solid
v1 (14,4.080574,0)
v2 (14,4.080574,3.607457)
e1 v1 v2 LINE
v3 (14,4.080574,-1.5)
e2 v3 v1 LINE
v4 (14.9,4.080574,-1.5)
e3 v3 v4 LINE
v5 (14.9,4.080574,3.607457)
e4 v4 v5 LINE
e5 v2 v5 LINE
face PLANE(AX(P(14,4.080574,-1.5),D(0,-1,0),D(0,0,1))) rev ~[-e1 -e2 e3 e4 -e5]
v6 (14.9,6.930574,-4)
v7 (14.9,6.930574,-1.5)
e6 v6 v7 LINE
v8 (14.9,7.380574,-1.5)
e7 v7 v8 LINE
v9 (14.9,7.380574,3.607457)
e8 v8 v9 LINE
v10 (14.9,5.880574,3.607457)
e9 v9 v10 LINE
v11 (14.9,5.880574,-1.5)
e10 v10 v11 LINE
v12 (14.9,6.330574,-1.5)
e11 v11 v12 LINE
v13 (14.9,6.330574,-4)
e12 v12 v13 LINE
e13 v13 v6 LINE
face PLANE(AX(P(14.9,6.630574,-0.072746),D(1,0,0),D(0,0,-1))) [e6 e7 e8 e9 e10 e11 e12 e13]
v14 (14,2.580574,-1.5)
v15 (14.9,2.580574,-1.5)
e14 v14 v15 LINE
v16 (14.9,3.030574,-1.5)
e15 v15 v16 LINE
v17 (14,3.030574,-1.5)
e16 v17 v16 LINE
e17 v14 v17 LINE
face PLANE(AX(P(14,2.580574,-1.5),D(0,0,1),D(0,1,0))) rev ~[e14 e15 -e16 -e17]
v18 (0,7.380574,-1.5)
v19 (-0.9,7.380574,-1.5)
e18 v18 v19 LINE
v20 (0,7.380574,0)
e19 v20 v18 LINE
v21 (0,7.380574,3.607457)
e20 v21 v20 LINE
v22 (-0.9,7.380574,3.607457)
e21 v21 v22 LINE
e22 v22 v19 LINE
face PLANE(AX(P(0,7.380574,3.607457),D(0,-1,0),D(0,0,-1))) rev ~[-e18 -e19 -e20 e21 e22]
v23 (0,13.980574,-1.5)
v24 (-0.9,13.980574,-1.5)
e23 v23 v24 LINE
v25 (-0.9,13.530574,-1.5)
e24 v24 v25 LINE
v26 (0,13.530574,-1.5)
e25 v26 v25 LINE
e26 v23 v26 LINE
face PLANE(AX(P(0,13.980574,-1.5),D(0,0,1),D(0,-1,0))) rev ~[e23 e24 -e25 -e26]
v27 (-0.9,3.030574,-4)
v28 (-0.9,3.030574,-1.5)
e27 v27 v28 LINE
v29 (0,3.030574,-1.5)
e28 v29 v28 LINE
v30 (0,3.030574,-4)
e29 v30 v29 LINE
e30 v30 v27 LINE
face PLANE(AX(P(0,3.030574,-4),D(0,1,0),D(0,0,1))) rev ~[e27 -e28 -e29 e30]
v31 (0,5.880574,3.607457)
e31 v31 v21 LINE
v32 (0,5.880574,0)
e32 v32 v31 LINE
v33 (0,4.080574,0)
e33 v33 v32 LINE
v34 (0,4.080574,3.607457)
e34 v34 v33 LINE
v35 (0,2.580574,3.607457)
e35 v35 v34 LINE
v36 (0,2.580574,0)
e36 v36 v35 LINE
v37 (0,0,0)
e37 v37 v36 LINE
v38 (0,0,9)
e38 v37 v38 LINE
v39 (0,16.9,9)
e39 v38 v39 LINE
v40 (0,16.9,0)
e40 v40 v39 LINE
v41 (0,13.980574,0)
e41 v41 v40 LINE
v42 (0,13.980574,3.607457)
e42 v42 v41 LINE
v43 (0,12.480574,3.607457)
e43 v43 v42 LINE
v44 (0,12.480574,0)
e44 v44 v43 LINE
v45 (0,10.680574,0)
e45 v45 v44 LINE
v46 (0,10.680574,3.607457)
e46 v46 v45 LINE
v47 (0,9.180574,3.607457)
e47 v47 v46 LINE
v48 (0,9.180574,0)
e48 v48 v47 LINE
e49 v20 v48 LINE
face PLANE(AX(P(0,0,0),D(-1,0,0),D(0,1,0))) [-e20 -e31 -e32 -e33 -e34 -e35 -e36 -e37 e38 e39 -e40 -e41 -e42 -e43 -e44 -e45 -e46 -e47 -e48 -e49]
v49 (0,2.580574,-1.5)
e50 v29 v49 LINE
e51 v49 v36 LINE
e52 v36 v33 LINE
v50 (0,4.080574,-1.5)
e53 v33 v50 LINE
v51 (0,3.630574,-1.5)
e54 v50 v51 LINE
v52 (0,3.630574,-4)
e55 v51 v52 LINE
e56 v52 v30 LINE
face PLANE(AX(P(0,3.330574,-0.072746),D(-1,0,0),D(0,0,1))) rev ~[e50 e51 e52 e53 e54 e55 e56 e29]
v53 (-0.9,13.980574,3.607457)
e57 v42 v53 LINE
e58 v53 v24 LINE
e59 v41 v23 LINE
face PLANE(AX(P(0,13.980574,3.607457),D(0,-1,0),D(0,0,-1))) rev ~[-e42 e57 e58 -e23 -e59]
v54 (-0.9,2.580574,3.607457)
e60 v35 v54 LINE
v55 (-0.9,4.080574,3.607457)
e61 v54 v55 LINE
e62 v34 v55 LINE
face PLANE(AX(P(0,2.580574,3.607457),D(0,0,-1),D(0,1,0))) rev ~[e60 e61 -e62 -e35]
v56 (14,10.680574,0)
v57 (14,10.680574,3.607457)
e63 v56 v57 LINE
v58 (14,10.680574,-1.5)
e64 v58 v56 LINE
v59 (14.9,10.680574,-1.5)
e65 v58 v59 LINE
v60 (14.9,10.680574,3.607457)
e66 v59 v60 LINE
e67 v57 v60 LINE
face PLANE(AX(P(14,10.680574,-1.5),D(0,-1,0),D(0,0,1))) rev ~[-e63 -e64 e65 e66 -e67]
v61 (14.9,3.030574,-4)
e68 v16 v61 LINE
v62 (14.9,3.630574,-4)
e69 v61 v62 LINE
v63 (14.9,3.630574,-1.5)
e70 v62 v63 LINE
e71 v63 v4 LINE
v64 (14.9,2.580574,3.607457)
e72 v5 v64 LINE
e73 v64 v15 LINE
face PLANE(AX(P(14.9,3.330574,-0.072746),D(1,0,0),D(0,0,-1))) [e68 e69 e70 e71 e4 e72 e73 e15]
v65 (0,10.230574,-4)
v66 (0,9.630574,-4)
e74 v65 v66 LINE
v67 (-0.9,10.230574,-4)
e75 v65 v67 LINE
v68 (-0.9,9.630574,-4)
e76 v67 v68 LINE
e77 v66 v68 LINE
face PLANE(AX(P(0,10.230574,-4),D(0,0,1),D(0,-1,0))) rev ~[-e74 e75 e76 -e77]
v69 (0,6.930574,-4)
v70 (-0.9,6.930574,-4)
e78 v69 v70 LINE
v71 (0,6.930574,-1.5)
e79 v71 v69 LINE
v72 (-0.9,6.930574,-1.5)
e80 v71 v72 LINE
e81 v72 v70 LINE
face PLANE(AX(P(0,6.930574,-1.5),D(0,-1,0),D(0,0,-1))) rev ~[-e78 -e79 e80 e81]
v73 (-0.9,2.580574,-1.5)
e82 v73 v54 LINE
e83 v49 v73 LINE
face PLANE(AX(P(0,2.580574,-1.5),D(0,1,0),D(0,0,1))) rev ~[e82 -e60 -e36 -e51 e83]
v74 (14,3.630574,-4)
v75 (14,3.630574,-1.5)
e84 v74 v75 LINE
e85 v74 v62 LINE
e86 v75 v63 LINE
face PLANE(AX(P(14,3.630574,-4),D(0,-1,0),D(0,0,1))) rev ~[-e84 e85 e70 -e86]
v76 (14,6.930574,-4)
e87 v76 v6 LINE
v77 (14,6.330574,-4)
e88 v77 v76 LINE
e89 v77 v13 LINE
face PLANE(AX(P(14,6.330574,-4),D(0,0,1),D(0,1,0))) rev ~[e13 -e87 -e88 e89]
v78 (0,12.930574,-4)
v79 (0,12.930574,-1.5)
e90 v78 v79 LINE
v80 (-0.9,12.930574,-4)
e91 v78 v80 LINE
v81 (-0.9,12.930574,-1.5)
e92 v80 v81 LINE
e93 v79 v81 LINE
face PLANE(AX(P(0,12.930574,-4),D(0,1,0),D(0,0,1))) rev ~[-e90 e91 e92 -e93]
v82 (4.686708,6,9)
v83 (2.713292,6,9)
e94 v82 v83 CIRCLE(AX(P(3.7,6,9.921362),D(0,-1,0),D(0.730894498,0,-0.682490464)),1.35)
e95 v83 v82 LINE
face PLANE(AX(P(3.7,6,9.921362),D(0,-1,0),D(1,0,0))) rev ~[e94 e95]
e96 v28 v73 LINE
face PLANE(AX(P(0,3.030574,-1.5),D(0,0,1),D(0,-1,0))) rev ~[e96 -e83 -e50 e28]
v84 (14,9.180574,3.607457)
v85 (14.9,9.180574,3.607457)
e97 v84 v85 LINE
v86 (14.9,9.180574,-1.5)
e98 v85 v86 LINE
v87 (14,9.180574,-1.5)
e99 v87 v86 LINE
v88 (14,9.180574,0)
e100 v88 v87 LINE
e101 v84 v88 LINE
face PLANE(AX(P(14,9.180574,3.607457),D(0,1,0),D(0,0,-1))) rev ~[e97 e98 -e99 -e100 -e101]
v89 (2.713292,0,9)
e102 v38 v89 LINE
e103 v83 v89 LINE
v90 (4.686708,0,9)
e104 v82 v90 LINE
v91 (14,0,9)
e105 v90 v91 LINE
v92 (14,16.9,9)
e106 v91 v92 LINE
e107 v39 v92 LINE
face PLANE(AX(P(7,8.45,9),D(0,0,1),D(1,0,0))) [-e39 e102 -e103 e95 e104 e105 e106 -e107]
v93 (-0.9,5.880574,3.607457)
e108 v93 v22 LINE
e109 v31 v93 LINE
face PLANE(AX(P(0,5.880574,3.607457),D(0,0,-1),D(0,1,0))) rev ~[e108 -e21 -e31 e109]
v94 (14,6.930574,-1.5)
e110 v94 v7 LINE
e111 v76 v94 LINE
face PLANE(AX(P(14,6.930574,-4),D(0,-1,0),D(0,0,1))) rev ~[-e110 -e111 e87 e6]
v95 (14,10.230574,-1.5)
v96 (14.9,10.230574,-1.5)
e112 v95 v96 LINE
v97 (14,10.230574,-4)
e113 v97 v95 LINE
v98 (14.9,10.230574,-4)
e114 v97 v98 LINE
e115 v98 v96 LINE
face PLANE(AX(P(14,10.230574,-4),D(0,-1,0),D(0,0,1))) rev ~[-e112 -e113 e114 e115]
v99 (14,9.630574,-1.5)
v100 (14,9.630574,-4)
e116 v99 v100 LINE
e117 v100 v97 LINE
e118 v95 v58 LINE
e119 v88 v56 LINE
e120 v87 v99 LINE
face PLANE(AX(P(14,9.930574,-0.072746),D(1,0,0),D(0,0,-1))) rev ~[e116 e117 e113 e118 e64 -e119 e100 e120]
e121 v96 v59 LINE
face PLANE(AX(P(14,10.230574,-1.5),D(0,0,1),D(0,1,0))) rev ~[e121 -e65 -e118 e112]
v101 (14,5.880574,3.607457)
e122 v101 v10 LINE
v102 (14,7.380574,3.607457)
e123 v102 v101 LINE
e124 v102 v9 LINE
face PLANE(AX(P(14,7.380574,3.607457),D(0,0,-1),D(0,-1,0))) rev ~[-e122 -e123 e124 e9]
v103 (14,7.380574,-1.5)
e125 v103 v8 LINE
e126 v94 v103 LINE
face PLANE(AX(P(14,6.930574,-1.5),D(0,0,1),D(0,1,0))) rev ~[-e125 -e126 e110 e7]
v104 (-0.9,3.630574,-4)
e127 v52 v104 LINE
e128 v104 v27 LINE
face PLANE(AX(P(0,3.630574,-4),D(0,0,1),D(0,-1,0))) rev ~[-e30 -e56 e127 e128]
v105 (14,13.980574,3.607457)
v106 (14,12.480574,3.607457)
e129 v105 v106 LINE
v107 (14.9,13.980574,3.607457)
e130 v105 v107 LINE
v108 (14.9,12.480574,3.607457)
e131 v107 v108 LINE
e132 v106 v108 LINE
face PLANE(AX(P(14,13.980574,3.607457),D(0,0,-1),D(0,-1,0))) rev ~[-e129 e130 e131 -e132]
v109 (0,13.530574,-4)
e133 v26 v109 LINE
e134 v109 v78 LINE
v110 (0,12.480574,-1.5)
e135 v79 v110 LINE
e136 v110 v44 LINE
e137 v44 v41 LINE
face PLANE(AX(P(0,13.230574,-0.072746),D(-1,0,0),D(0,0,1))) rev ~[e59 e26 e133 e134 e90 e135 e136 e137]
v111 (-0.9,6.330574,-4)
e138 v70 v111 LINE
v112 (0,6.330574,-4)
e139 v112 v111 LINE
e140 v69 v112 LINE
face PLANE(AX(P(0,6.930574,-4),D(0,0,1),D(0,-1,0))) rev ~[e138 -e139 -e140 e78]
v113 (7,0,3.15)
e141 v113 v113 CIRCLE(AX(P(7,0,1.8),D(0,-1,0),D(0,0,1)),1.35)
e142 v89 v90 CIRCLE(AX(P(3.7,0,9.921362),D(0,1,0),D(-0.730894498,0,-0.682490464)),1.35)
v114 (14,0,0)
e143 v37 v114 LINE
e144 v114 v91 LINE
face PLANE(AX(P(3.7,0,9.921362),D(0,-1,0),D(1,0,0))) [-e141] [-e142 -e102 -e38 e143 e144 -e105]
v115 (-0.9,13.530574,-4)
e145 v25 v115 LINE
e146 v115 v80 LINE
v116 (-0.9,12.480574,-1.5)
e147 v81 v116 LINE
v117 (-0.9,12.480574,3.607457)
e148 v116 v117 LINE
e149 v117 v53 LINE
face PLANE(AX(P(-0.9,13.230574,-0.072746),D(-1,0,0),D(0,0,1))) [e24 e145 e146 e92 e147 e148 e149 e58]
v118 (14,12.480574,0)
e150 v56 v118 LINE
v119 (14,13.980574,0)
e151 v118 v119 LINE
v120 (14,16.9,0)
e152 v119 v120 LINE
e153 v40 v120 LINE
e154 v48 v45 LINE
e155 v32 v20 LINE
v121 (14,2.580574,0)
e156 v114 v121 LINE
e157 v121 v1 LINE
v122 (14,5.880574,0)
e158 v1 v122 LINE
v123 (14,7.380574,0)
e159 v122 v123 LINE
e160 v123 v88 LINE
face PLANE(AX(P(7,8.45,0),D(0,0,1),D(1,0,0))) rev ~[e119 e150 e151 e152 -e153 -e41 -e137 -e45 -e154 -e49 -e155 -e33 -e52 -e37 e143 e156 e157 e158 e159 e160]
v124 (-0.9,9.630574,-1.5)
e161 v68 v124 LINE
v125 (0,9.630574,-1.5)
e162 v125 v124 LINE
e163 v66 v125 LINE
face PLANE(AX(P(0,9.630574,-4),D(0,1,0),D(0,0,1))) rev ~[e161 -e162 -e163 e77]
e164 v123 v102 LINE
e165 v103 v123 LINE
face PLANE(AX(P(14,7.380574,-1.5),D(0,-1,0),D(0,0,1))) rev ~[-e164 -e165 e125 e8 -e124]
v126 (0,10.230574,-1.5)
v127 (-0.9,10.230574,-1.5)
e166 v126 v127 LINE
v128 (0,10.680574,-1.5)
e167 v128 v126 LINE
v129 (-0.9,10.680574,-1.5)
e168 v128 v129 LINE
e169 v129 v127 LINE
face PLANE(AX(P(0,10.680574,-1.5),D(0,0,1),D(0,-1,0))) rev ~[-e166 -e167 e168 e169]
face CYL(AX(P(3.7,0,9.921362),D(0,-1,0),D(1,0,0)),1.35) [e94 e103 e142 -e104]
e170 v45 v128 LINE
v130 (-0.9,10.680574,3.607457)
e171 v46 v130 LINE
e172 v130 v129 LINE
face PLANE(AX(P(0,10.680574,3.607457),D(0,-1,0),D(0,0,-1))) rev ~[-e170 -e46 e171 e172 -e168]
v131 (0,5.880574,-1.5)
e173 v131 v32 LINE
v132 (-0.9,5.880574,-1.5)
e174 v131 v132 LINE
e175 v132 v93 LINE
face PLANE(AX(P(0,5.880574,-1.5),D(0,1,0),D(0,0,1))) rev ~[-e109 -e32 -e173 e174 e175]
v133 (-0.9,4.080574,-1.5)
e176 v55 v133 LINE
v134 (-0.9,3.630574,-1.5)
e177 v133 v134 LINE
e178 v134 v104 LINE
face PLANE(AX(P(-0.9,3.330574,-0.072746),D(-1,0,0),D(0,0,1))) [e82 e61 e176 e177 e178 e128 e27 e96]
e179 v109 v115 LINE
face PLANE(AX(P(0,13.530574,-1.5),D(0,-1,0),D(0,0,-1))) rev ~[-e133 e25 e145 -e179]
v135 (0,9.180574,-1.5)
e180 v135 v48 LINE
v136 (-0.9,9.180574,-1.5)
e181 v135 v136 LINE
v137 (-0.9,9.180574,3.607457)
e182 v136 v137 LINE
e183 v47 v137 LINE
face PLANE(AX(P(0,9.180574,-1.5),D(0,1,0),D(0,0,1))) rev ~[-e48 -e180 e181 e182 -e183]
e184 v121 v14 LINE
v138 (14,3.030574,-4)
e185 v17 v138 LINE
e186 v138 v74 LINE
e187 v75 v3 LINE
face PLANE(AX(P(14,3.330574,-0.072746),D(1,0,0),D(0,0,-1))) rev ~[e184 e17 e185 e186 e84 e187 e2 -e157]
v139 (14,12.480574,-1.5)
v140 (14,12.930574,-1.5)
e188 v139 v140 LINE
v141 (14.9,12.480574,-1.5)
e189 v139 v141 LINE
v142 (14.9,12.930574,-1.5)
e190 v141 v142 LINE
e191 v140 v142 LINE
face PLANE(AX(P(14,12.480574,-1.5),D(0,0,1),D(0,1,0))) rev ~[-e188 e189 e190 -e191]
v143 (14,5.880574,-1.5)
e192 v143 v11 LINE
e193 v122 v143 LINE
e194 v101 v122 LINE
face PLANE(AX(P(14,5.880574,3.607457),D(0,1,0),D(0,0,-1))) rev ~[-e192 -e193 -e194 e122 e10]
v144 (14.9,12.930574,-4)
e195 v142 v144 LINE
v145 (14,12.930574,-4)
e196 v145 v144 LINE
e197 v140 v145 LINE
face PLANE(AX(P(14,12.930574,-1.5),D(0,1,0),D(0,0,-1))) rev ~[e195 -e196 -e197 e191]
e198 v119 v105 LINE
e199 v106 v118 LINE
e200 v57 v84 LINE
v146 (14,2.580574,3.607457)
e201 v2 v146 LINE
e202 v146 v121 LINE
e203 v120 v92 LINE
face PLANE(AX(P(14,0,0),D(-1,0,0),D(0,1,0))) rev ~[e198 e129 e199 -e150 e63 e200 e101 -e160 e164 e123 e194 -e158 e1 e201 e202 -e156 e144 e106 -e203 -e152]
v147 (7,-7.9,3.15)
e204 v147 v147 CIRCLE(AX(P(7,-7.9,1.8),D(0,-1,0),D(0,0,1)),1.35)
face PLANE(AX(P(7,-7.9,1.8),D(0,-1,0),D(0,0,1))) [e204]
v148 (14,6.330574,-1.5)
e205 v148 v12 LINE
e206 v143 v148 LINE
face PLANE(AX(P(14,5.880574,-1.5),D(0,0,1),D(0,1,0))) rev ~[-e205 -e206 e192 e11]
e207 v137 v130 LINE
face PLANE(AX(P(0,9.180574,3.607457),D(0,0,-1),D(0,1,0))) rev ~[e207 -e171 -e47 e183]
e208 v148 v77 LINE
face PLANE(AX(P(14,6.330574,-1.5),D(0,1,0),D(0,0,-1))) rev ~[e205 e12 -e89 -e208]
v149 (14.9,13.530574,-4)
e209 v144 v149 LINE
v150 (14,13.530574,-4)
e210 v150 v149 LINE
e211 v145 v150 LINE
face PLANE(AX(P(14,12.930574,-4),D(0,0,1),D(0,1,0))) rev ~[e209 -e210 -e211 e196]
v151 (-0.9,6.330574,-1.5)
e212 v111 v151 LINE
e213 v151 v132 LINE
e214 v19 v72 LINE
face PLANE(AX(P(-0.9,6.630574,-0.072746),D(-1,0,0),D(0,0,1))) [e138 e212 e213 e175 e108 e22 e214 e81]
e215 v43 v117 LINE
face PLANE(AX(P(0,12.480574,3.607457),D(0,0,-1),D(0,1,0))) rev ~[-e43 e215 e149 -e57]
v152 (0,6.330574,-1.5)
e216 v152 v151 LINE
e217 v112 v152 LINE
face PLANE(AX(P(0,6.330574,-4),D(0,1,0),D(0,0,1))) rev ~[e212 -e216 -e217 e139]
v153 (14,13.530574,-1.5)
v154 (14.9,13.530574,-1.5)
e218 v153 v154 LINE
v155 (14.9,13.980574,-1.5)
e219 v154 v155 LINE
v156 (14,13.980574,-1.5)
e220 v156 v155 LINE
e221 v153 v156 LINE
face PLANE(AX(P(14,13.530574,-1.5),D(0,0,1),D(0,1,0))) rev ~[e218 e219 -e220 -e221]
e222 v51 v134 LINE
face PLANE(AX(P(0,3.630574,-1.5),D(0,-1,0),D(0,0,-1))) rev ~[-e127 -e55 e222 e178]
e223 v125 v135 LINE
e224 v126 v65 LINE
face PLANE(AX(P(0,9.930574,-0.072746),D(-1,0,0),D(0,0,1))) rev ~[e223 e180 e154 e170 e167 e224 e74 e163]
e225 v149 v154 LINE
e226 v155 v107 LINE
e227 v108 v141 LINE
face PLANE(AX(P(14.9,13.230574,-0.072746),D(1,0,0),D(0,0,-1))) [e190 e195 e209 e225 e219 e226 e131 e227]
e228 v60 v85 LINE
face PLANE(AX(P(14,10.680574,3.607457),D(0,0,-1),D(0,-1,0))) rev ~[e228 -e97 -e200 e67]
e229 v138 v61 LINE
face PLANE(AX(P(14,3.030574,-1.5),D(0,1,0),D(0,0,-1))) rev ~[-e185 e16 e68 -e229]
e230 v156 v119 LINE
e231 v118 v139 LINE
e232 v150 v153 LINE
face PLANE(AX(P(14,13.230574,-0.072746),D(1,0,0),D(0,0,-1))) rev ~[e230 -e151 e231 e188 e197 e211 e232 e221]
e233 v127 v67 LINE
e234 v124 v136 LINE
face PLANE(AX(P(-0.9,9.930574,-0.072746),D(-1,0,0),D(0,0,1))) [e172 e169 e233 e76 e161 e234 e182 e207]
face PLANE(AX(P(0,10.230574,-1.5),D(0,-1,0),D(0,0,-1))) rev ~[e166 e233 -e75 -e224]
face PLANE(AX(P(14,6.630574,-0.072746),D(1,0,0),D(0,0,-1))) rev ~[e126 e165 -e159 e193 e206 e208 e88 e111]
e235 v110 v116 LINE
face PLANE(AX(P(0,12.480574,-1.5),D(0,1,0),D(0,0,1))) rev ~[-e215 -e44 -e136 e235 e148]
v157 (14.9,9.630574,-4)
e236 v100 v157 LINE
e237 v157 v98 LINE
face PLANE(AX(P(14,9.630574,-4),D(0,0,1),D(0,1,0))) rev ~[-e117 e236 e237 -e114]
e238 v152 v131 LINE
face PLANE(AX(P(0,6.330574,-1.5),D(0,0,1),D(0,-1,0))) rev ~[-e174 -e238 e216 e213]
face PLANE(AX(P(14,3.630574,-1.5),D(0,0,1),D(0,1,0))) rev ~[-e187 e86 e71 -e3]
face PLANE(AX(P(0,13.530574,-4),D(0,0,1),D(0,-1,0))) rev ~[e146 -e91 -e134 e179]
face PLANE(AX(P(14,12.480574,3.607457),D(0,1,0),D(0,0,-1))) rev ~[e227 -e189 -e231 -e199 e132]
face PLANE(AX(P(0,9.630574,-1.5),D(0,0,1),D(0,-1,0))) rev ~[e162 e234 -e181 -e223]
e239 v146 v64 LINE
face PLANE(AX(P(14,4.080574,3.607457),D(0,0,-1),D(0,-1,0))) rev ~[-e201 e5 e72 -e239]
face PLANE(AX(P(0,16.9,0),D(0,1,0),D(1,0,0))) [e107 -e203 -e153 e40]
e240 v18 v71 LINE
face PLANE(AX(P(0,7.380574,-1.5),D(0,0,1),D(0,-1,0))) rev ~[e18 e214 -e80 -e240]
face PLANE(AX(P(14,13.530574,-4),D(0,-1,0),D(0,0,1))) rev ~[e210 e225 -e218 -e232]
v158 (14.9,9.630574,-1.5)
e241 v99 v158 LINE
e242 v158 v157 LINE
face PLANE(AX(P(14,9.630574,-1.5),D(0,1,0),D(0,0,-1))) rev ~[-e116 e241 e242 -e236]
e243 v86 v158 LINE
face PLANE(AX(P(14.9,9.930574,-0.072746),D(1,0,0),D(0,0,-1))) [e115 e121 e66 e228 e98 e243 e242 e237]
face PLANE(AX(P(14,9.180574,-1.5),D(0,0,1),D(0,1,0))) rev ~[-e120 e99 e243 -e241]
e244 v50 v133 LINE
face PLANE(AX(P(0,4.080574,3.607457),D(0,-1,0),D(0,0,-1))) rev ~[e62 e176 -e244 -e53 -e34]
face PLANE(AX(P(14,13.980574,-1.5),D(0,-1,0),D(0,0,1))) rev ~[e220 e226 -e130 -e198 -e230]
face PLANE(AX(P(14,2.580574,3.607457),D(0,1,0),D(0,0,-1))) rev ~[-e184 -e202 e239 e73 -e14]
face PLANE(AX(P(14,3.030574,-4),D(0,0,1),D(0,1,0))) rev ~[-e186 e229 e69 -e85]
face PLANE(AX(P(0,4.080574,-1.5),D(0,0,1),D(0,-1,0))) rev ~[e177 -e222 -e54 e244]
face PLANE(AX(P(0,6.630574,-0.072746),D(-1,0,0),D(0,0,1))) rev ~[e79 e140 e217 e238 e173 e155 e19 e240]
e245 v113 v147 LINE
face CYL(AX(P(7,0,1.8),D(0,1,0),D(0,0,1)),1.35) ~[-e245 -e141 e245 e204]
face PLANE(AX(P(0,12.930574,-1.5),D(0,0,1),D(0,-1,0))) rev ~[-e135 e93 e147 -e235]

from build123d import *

# Parameters (mm, degrees)
ESQUISSE1_W          = 14
ESQUISSE1_H          = 16.9
BASE_EXTRUSION_DEPTH = 9
ESQUISSE2_R          = 1.35
BOSS_EXTRU_1_DEPTH   = 7.9
ESQUISSE3_R          = 1.35
BOSS_EXTRU_2_DEPTH   = 6
EXTRUSION1_DEPTH     = 0.9
EXTRUSION2_DEPTH     = 0.9


with BuildPart() as part:
    # Esquisse1 → Base-Extrusion (new body)
    with BuildSketch(Plane.XY):
        with Locations((7, 8.45)):
            Rectangle(ESQUISSE1_W, ESQUISSE1_H)
    extrude(amount=BASE_EXTRUSION_DEPTH)

    # Esquisse2 → Boss.-Extru.1 (add)
    with BuildSketch(Plane.XZ):
        with Locations(Location((7, 1.8, 0), (0, 0, 90))):
            Circle(ESQUISSE2_R)
    extrude(amount=BOSS_EXTRU_1_DEPTH)

    # Esquisse3 → Boss.-Extru.2 (add)
    with BuildSketch(Plane.XZ):
        with Locations((3.7, 9.921362126)):
            Circle(ESQUISSE3_R)
    extrude(amount=-BOSS_EXTRU_2_DEPTH)

    # Esquisse4 → Extrusion1 (add)
    with BuildSketch(Plane.ZY):
        Polygon((3.607457233, 13.98057371), (-1.5, 13.98057371), (-1.5, 13.53057371), (-4, 13.53057371), (-4, 12.93057371), (-1.5, 12.93057371), (-1.5, 12.48057371), (3.607457233, 12.48057371), align=None)
        Polygon((3.607457233, 10.68057371), (-1.5, 10.68057371), (-1.5, 10.23057371), (-4, 10.23057371), (-4, 9.63057371), (-1.5, 9.63057371), (-1.5, 9.18057371), (3.607457233, 9.18057371), align=None)
        Polygon((3.607457233, 7.38057371), (-1.5, 7.38057371), (-1.5, 6.93057371), (-4, 6.93057371), (-4, 6.33057371), (-1.5, 6.33057371), (-1.5, 5.88057371), (3.607457233, 5.88057371), align=None)
        Polygon((3.607457233, 4.08057371), (-1.5, 4.08057371), (-1.5, 3.63057371), (-4, 3.63057371), (-4, 3.03057371), (-1.5, 3.03057371), (-1.5, 2.58057371), (3.607457233, 2.58057371), align=None)
    extrude(amount=EXTRUSION1_DEPTH)

    # Esquisse5 → Extrusion2 (add)
    with BuildSketch(Plane(origin=(14, 0, 0), x_dir=(0, 0, -1), z_dir=(1, 0, 0))):
        Polygon((1.5, 13.98057371), (-3.607457233, 13.98057371), (-3.607457233, 12.48057371), (1.5, 12.48057371), (1.5, 12.93057371), (4, 12.93057371), (4, 13.53057371), (1.5, 13.53057371), align=None)
        Polygon((1.5, 7.38057371), (-3.607457233, 7.38057371), (-3.607457233, 5.88057371), (1.5, 5.88057371), (1.5, 6.33057371), (4, 6.33057371), (4, 6.93057371), (1.5, 6.93057371), align=None)
        Polygon((-3.607457233, 10.68057371), (-3.607457233, 9.18057371), (1.5, 9.18057371), (1.5, 9.63057371), (4, 9.63057371), (4, 10.23057371), (1.5, 10.23057371), (1.5, 10.68057371), align=None)
        Polygon((-3.607457233, 4.08057371), (-3.607457233, 2.58057371), (1.5, 2.58057371), (1.5, 3.03057371), (4, 3.03057371), (4, 3.63057371), (1.5, 3.63057371), (1.5, 4.08057371), align=None)
    extrude(amount=EXTRUSION2_DEPTH)


solid = part.part
